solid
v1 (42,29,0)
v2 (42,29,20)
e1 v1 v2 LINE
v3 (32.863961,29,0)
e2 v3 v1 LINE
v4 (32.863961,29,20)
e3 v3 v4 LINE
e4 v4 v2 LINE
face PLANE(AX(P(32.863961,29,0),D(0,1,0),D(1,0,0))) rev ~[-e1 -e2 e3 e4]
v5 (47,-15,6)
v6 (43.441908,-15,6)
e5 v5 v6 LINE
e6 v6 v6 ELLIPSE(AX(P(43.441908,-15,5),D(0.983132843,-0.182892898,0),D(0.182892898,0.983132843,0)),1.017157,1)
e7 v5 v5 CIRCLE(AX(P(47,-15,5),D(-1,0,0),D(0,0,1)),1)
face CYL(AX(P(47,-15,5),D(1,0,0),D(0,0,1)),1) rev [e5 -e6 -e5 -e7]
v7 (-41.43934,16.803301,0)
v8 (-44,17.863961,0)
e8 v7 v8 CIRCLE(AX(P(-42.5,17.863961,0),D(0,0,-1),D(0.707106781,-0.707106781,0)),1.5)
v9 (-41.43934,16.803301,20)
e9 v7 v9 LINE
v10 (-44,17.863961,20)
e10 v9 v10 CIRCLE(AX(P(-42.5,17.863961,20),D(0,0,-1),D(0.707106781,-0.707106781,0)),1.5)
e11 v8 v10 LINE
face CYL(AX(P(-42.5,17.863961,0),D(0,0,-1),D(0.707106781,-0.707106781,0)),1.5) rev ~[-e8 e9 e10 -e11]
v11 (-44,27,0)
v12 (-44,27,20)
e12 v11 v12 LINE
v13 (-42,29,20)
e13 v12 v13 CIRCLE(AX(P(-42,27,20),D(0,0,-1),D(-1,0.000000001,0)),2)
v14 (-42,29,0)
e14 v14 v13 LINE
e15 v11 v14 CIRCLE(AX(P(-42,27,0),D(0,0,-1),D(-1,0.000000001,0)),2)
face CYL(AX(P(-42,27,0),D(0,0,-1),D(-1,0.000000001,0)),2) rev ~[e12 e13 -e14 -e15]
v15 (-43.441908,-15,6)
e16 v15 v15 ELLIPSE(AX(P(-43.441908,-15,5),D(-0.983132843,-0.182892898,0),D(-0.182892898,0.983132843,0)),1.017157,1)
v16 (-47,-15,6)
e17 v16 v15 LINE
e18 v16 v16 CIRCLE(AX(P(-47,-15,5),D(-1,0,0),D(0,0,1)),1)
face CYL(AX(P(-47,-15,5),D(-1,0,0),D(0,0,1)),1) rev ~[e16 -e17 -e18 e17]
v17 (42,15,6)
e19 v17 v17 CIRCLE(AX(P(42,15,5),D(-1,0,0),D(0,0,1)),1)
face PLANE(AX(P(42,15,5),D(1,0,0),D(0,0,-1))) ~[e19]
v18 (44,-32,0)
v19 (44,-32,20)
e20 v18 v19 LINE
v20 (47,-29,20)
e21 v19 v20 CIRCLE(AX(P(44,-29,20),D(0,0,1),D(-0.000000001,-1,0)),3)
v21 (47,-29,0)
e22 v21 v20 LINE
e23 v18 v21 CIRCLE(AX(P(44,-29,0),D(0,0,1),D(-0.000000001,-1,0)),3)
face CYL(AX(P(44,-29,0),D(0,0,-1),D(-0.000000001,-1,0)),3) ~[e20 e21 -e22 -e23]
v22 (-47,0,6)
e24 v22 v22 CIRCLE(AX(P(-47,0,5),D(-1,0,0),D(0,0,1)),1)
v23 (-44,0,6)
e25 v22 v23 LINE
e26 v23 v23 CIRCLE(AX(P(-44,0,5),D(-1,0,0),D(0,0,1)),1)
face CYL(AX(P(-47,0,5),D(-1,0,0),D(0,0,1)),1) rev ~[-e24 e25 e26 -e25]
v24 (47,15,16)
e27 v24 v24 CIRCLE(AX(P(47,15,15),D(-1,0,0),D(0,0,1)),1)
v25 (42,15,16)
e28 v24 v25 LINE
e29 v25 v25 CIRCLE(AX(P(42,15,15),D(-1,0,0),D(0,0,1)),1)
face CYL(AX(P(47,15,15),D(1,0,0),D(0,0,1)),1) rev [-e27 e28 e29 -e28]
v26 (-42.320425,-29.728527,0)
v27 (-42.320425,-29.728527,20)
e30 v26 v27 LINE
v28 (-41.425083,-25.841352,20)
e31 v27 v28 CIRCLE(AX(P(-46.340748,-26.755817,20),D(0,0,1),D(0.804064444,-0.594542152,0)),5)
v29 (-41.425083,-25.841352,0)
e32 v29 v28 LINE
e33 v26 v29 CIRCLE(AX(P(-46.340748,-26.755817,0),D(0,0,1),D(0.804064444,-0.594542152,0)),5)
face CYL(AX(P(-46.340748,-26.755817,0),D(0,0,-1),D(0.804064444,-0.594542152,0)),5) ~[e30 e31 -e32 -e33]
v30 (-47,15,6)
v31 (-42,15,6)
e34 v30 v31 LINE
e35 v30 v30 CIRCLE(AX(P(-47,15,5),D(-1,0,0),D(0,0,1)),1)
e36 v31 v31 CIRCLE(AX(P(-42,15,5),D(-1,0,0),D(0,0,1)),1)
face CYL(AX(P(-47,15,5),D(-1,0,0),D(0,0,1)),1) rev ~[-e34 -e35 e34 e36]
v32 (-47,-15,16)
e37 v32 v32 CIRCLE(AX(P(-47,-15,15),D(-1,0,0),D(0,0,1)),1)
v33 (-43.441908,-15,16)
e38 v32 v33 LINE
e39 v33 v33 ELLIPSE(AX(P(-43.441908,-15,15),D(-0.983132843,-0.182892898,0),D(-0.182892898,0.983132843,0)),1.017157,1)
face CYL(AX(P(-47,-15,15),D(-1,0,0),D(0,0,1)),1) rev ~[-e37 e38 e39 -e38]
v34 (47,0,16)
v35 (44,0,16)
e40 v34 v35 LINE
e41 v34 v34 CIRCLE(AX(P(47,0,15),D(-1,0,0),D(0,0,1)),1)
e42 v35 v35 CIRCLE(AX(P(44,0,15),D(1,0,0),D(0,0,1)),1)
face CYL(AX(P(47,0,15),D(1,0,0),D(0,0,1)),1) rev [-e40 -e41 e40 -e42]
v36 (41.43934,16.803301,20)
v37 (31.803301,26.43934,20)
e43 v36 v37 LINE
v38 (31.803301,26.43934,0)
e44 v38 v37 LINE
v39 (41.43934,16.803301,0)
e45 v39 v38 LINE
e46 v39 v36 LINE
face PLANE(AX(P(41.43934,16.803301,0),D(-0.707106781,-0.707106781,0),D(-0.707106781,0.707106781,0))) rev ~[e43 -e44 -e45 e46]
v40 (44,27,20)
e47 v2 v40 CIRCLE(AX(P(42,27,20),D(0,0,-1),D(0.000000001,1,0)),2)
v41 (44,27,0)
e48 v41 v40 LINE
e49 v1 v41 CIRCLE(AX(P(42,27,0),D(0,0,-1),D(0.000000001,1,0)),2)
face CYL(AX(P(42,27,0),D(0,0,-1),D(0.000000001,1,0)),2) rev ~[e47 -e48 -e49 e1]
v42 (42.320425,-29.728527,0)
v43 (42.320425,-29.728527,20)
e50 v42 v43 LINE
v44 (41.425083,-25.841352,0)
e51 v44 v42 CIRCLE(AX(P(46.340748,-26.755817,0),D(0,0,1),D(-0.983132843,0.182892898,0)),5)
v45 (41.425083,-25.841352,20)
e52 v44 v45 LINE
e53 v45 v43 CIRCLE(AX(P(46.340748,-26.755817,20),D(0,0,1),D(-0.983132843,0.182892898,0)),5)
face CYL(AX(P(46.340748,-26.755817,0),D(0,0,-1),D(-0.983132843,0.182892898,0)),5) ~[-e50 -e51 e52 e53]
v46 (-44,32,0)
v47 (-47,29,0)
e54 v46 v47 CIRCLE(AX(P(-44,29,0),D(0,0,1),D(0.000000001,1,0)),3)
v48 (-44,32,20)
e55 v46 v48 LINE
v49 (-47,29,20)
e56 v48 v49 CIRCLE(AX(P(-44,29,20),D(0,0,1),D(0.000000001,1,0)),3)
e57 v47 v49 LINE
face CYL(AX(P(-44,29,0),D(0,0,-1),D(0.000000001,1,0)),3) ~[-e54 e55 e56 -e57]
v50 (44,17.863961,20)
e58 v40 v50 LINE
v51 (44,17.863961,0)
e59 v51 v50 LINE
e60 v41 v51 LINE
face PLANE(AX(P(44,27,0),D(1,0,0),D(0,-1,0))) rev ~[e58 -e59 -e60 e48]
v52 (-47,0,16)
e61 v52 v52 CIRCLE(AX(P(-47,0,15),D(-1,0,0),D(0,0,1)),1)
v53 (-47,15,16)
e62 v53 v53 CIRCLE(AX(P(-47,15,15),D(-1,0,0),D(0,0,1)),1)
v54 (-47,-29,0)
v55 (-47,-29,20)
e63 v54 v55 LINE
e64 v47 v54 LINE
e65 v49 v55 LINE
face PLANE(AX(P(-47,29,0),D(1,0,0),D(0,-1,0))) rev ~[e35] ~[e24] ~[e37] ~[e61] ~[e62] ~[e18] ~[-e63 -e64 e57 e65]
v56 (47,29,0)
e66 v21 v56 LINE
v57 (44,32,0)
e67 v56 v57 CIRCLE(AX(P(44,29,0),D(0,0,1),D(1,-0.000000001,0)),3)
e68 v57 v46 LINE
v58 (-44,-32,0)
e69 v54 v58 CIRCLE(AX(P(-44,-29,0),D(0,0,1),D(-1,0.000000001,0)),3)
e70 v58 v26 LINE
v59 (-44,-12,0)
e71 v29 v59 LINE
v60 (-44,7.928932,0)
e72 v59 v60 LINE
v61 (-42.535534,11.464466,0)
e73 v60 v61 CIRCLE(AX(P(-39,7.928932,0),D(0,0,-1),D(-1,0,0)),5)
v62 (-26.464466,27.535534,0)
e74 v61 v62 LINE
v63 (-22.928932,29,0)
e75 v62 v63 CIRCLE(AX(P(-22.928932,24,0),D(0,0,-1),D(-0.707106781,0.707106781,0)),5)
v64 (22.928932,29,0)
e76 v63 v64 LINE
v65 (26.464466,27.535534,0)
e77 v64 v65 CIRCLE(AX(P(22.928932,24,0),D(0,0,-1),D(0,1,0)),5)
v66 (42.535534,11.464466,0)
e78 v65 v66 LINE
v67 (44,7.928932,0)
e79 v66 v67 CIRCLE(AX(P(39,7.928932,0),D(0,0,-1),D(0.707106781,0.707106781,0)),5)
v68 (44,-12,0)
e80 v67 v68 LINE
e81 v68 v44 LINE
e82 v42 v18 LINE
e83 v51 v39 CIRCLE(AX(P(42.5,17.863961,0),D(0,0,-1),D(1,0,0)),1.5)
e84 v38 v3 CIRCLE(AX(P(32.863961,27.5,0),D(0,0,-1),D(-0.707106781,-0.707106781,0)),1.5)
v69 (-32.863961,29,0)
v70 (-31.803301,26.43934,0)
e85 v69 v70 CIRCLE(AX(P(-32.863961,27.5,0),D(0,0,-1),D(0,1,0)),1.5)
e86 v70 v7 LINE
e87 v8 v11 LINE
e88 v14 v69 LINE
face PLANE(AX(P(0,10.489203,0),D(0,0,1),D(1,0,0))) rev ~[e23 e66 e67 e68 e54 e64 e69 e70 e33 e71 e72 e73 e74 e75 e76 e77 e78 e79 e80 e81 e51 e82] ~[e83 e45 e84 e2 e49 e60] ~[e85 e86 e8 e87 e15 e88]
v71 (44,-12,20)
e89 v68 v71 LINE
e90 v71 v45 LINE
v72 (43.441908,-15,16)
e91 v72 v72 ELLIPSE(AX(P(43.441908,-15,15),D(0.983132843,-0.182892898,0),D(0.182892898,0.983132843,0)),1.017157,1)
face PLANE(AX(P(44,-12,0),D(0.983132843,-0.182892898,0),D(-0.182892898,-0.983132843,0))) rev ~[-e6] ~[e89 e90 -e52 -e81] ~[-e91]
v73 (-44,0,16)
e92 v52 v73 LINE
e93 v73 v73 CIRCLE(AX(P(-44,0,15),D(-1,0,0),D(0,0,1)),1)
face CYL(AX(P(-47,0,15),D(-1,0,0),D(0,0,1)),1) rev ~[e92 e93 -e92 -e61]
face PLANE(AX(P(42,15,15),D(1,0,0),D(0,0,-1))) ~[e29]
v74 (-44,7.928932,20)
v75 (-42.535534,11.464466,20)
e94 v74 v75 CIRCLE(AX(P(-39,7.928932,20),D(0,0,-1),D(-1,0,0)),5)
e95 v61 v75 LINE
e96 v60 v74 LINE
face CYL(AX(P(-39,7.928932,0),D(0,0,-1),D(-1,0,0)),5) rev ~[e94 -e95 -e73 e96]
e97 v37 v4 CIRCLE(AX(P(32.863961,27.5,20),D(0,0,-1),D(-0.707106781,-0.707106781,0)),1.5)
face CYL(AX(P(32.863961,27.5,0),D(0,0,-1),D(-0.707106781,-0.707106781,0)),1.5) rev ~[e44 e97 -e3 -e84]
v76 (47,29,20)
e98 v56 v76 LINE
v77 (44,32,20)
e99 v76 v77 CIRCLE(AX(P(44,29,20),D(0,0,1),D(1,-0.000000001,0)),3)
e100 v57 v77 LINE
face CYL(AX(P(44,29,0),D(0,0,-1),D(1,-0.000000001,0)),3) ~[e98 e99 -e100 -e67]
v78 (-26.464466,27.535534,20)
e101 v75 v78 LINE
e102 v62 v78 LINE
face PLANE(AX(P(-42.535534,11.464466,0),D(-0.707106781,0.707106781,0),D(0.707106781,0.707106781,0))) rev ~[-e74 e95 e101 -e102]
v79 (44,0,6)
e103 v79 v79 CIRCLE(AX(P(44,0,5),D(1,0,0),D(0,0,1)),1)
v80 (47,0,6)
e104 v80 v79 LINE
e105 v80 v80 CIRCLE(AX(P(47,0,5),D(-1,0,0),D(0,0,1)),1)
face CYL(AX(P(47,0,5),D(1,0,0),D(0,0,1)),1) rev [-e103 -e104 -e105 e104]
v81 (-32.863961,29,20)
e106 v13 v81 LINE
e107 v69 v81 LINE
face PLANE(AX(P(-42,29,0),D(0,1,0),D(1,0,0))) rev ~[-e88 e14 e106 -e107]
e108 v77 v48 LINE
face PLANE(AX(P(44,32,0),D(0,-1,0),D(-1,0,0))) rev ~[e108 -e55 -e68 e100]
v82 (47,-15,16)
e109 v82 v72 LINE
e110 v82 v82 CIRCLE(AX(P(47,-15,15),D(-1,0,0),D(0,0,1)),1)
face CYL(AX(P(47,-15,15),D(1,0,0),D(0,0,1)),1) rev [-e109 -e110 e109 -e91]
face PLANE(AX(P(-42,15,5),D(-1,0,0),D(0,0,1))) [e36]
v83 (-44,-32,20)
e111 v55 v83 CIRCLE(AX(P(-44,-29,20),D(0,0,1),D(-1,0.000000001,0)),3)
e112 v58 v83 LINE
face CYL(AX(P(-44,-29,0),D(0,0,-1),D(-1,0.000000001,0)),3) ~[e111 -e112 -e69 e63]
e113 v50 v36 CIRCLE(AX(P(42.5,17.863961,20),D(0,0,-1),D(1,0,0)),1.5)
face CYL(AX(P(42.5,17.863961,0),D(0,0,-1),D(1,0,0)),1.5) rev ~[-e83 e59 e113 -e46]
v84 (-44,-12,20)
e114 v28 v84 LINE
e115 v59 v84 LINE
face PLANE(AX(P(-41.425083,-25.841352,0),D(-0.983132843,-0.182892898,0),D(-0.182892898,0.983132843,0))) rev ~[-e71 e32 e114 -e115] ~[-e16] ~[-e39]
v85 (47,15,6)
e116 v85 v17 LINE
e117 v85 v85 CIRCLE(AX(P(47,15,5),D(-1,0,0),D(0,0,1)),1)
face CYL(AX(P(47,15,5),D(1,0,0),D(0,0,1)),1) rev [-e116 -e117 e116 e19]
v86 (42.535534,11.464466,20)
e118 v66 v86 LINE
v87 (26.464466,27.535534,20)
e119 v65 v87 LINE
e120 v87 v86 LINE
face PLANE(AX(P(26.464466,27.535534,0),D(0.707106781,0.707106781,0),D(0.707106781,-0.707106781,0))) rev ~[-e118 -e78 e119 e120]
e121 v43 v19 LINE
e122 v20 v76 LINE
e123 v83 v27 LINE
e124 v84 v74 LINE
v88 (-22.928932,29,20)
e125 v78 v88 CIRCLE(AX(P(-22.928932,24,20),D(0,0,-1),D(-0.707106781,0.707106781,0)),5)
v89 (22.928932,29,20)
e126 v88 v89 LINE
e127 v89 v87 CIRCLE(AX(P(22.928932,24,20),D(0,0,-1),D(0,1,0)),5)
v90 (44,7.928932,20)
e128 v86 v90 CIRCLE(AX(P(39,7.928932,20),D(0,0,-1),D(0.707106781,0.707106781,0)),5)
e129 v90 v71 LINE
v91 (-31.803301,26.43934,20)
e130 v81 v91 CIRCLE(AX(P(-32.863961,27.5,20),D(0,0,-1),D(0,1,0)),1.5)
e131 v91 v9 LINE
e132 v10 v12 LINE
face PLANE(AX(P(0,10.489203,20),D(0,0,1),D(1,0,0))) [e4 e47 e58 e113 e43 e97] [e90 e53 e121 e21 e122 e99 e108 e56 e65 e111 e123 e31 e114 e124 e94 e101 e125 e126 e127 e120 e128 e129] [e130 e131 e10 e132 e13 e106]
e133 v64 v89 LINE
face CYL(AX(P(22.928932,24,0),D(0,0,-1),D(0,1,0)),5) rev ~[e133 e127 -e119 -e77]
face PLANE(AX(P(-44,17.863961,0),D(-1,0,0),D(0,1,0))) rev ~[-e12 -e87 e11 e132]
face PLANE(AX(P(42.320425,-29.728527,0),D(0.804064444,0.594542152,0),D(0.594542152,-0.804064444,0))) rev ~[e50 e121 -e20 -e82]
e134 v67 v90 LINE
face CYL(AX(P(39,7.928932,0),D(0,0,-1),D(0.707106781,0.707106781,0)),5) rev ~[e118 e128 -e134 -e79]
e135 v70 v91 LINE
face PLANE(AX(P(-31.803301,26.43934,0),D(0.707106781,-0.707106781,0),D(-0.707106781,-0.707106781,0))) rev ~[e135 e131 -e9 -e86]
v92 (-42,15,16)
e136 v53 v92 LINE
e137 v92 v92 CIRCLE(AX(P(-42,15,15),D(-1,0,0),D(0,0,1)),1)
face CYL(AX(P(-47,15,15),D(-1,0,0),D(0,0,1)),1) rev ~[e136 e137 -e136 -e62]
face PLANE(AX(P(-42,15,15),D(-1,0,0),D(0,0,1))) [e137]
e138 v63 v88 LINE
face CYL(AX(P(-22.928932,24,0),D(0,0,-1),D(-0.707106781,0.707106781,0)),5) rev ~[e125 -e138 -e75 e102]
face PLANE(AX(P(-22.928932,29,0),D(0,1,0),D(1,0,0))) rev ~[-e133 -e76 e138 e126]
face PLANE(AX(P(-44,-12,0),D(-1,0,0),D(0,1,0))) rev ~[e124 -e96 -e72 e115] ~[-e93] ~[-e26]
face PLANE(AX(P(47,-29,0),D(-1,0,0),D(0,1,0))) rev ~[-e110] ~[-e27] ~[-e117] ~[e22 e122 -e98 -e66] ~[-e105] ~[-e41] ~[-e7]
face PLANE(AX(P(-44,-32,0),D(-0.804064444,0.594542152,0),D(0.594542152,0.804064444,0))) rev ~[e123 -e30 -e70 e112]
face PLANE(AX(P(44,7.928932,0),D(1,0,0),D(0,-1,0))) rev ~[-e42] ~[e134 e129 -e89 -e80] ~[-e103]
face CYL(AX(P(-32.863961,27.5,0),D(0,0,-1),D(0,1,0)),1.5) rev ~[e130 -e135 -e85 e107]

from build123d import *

# Parameters (mm, degrees)
BOSS_EXTRUDE2_DEPTH = 20
SKETCH2_R           = 1
CUT_EXTRUDE1_DEPTH  = 5


with BuildPart() as part:
    # Sketch1 → Boss-Extrude2 (new body)
    with BuildSketch(Plane.XY):
        with BuildLine():
            ThreePointArc((-47, -29), (-46.121320344, -31.121320344), (-44, -32))
            Line((-44, -32), (-42.320425457, -29.72852746))
            ThreePointArc((-42.320425457, -29.72852746), (-41.468325666, -27.878092848), (-41.42508346, -25.841352212))
            Line((-41.42508346, -25.841352212), (-44, -12))
            Line((-44, -12), (-44, 7.928932188))
            ThreePointArc((-44, 7.928932188), (-43.619397663, 9.84234935), (-42.535533906, 11.464466094))
            Line((-42.535533906, 11.464466094), (-26.464466094, 27.535533906))
            ThreePointArc((-26.464466094, 27.535533906), (-24.84234935, 28.619397663), (-22.928932188, 29))
            Line((-22.928932188, 29), (22.928932188, 29))
            ThreePointArc((22.928932188, 29), (24.84234935, 28.619397663), (26.464466094, 27.535533906))
            Line((26.464466094, 27.535533906), (42.535533906, 11.464466094))
            ThreePointArc((42.535533906, 11.464466094), (43.619397663, 9.84234935), (44, 7.928932188))
            Line((44, 7.928932188), (44, -12))
            Line((44, -12), (41.42508346, -25.841352212))
            ThreePointArc((41.42508346, -25.841352212), (41.468325666, -27.878092848), (42.320425457, -29.72852746))
            Line((42.320425457, -29.72852746), (44, -32))
            ThreePointArc((44, -32), (46.121320344, -31.121320344), (47, -29))
            Line((47, -29), (47, 29))
            ThreePointArc((47, 29), (46.121320344, 31.121320344), (44, 32))
            Line((44, 32), (-44, 32))
            ThreePointArc((-44, 32), (-46.121320344, 31.121320344), (-47, 29))
            Line((-47, 29), (-47, -29))
        make_face()
        with BuildLine():
            ThreePointArc((-44, 27), (-43.414213562, 28.414213562), (-42, 29))
            Line((-42, 29), (-32.863961031, 29))
            ThreePointArc((-32.863961031, 29), (-31.478141732, 28.074025149), (-31.803300859, 26.439339828))
            Line((-31.803300859, 26.439339828), (-41.439339828, 16.803300859))
            ThreePointArc((-41.439339828, 16.803300859), (-43.074025149, 16.478141732), (-44, 17.863961031))
            Line((-44, 17.863961031), (-44, 27))
        make_face(mode=Mode.SUBTRACT)
        with BuildLine():
            ThreePointArc((42, 29), (43.414213562, 28.414213562), (44, 27))
            Line((44, 27), (44, 17.863961031))
            ThreePointArc((44, 17.863961031), (43.074025149, 16.478141732), (41.439339828, 16.803300859))
            Line((41.439339828, 16.803300859), (31.803300859, 26.439339828))
            ThreePointArc((31.803300859, 26.439339828), (31.478141732, 28.074025149), (32.863961031, 29))
            Line((32.863961031, 29), (42, 29))
        make_face(mode=Mode.SUBTRACT)
    extrude(amount=BOSS_EXTRUDE2_DEPTH)

    # Sketch2 → Cut-Extrude1 (cut)
    with BuildSketch(Plane.ZY.offset(47)):
        with Locations((5, 15)):
            Circle(SKETCH2_R)
        with Locations((15, 15)):
            Circle(SKETCH2_R)
        with Locations((15, 0)):
            Circle(SKETCH2_R)
        with Locations((15, -15)):
            Circle(SKETCH2_R)
        with Locations((5, 0)):
            Circle(SKETCH2_R)
        with Locations((5, -15)):
            Circle(SKETCH2_R)
    cut_extrude1 = extrude(amount=-CUT_EXTRUDE1_DEPTH, mode=Mode.SUBTRACT)

    # Mirror1: Cut-Extrude1 across plane
    add(cut_extrude1.mirror(Plane(origin=(0, 0, 0), x_dir=(0, 0, 1), z_dir=(1, 0, 0))), mode=Mode.SUBTRACT)


solid = part.part
